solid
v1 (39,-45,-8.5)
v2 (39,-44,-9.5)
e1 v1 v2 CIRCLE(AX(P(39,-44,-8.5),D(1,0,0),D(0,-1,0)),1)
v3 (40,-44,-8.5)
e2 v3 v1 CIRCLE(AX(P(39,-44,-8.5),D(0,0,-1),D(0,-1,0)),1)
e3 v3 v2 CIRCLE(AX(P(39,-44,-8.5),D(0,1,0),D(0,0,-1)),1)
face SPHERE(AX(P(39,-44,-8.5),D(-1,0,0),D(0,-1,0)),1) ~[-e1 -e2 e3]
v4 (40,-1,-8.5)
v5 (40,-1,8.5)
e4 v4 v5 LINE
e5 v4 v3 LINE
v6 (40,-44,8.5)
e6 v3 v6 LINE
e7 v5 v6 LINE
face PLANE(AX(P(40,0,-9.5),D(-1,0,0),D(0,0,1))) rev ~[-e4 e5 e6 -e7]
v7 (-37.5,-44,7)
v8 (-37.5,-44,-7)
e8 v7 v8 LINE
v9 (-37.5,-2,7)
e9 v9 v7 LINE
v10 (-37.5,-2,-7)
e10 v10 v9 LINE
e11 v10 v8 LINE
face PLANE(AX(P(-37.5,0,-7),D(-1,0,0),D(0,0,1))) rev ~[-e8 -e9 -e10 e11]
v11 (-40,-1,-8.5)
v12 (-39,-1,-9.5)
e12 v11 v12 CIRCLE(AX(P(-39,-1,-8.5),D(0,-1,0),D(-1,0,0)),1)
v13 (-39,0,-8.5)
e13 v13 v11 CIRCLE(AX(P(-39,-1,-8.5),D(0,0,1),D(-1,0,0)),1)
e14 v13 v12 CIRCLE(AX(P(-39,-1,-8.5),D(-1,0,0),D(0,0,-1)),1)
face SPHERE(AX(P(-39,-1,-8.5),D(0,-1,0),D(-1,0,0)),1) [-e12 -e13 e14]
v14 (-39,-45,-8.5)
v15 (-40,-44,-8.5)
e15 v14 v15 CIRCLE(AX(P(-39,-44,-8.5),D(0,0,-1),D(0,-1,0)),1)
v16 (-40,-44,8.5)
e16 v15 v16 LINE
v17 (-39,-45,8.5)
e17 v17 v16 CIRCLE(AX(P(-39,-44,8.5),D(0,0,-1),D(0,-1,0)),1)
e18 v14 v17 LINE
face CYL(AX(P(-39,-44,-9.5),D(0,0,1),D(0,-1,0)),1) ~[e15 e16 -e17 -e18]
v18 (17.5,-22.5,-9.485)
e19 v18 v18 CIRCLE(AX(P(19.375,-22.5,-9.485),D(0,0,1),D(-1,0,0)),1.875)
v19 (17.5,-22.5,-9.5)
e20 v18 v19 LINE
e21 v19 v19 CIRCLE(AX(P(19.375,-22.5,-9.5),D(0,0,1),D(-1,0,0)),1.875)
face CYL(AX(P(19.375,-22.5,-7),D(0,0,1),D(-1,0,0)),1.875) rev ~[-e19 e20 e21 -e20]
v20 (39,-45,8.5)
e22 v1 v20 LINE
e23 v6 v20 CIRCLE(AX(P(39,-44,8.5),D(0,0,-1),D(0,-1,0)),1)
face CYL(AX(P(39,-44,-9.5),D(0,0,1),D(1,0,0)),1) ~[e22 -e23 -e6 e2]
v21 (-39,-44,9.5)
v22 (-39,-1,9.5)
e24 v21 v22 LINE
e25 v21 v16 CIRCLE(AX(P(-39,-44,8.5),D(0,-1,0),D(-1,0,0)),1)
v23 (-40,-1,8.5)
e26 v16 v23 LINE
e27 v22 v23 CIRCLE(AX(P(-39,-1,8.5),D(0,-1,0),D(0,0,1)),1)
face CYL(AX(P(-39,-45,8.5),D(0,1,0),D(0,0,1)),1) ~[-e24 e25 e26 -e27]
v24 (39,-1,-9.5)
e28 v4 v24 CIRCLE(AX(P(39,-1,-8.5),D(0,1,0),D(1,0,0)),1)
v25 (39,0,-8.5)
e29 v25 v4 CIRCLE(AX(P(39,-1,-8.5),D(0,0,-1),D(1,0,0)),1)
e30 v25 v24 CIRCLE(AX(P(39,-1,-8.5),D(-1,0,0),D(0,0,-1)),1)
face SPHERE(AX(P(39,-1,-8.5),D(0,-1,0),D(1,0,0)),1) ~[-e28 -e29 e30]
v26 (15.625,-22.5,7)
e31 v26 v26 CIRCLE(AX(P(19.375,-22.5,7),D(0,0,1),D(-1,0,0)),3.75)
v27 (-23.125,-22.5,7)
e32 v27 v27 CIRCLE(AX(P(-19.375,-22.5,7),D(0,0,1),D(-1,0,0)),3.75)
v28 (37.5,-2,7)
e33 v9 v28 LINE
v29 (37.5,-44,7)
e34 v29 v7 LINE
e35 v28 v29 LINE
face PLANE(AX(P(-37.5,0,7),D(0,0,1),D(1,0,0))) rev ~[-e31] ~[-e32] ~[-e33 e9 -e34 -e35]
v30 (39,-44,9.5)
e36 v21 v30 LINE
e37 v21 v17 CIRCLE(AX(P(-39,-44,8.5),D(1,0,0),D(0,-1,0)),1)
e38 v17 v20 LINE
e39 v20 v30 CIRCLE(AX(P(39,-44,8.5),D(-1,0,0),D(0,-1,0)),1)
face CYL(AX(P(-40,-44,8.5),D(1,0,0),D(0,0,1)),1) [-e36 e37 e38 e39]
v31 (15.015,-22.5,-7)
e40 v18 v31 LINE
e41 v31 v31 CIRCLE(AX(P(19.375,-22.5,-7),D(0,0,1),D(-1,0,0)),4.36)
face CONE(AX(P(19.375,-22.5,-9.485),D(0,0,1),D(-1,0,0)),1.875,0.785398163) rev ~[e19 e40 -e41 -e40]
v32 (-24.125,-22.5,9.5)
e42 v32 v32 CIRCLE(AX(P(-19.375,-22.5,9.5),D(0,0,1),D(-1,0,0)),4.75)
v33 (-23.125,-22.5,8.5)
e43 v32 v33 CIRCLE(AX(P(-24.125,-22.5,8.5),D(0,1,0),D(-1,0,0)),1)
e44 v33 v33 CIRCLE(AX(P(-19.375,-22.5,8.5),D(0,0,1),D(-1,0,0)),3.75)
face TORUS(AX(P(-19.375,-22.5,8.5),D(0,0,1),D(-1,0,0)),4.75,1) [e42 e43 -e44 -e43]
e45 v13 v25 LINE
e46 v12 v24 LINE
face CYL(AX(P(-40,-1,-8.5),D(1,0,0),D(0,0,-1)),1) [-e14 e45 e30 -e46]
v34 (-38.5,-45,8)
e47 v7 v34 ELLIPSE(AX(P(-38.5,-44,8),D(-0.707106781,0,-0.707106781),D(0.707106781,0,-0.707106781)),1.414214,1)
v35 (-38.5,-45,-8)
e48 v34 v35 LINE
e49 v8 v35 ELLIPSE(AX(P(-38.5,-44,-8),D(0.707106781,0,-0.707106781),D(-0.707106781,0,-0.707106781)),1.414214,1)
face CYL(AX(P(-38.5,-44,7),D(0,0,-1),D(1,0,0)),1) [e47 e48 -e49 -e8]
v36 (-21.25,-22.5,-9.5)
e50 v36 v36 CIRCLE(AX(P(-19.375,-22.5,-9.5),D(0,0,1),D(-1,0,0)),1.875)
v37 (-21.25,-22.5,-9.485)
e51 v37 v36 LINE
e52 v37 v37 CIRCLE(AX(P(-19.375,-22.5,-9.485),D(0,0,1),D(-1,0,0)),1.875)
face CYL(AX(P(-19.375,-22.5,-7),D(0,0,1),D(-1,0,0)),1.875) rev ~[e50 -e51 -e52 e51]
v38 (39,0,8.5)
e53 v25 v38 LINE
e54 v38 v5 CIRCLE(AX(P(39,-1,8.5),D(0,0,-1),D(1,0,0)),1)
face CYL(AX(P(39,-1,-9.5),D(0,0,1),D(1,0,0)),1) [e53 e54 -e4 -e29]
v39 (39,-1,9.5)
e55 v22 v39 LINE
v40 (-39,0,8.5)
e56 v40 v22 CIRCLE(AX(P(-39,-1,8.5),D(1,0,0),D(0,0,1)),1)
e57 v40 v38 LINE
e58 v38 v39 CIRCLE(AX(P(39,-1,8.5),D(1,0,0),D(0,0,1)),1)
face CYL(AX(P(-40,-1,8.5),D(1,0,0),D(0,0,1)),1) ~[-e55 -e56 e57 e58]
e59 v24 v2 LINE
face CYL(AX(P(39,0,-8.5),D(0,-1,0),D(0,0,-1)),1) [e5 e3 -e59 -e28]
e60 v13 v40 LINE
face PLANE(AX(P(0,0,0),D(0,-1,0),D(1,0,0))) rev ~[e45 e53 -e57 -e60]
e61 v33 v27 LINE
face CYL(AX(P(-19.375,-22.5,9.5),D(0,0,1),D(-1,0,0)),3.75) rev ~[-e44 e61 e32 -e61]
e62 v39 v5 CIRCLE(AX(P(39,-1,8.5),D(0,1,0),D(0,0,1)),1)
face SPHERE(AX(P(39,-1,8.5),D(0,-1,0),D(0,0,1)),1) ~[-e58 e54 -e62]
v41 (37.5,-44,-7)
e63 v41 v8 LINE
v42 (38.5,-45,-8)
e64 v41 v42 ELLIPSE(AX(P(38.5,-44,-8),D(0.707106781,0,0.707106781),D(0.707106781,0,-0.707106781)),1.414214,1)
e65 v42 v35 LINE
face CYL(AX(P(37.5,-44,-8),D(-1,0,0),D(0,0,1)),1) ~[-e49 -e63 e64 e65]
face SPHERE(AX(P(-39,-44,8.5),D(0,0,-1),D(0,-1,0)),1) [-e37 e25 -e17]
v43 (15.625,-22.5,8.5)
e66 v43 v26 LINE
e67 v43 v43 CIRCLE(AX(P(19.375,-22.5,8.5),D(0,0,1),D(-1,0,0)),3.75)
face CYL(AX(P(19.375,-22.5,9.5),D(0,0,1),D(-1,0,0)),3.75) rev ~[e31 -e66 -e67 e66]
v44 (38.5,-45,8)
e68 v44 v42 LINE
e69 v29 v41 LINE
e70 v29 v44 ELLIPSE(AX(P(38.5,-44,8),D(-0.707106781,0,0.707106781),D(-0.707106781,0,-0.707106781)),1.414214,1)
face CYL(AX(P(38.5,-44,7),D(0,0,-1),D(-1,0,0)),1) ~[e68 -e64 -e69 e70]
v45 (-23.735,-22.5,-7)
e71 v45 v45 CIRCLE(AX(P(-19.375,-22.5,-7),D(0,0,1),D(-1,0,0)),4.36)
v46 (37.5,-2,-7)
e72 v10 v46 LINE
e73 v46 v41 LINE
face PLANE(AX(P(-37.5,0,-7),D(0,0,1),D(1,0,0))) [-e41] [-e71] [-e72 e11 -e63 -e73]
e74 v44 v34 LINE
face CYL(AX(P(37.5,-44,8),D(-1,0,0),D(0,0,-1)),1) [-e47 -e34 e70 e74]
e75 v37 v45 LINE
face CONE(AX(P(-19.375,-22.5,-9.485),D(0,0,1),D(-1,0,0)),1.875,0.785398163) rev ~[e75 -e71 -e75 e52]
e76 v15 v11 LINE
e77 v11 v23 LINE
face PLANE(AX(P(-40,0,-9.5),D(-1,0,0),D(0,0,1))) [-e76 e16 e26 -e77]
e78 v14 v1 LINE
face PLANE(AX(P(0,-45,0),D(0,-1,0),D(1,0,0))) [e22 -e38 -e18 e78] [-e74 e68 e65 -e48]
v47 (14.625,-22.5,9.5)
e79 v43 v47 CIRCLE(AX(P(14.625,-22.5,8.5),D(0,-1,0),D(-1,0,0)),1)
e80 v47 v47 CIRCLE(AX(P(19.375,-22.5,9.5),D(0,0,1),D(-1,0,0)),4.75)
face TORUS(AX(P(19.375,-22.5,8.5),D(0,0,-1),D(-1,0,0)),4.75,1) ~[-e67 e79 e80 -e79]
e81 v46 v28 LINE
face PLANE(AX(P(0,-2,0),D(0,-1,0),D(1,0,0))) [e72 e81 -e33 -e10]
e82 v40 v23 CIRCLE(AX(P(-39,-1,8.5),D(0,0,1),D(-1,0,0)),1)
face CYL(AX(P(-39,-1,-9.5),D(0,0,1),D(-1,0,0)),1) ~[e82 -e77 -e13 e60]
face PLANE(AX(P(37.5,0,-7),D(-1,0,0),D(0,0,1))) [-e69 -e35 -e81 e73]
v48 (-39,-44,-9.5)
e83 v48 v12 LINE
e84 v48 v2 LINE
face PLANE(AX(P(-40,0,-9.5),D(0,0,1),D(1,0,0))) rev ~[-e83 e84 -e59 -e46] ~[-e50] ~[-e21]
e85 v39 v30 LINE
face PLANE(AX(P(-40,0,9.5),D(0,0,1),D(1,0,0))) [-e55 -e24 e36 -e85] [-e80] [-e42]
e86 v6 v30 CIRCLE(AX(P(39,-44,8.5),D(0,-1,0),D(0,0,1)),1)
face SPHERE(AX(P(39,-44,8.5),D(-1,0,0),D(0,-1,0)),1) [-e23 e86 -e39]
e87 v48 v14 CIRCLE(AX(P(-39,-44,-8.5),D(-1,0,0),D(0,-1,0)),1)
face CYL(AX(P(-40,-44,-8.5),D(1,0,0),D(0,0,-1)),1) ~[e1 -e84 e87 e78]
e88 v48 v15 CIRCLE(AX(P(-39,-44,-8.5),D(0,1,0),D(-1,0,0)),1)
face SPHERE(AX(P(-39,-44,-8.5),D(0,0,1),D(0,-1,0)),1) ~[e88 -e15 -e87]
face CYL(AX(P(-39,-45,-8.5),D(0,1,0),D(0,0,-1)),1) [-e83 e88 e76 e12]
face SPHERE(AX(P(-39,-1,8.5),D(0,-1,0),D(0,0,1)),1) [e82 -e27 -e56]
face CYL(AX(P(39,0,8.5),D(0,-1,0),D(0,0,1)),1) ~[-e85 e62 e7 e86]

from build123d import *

# Parameters (mm, degrees)
SKETCH_W          = 80
SKETCH_H          = 19
PAD_DEPTH         = 45
SKETCH001_W       = 75
SKETCH001_H       = 14
POCKET_DEPTH      = 0.001
POCKET_DEPTH_BACK = 45.001
SKETCH002_R       = 3.75
POCKET001_DEPTH   = 3.5
SKETCH003_R       = 1.875
POCKET002_DEPTH   = 2.5
CHAMFER_SIZE      = 2.485
SKETCH004_W       = 80
SKETCH004_H       = 19
PAD001_DEPTH      = 2
FILLET_R          = 1


with BuildPart() as part:
    # Sketch → Pad (new body)
    with BuildSketch(Plane.XZ):
        Rectangle(SKETCH_W, SKETCH_H)
    extrude(amount=PAD_DEPTH)

    # Sketch001 → Pocket (cut, two sides)
    with BuildSketch(Plane.XZ) as pocket_sk:
        Rectangle(SKETCH001_W, SKETCH001_H)
    extrude(amount=-POCKET_DEPTH, mode=Mode.SUBTRACT)
    extrude(pocket_sk.sketch, amount=POCKET_DEPTH_BACK, mode=Mode.SUBTRACT)

    # Sketch002 (on DatumPlane) → Pocket001 (cut)
    with BuildSketch(Plane(origin=(0, 0, 9.5), x_dir=(-1, 0, 0), z_dir=(0, 0, 1))):
        with Locations((-19.375, 22.5)):
            Circle(SKETCH002_R)
        with Locations((19.375, 22.5)):
            Circle(SKETCH002_R)
    extrude(amount=-POCKET001_DEPTH, mode=Mode.SUBTRACT)

    # Sketch003 (on DatumPlane) → Pocket002 (cut)
    with BuildSketch(Plane(origin=(0, 0, -7), x_dir=(-1, 0, 0), z_dir=(0, 0, 1))):
        with Locations((-19.375, 22.5)):
            Circle(SKETCH003_R)
        with Locations((19.375, 22.5)):
            Circle(SKETCH003_R)
    extrude(amount=-POCKET002_DEPTH, mode=Mode.SUBTRACT)

    # Chamfer
    chamfer_edges = [part.edges().sort_by_distance(p)[0] for p in [
        (-17.5, -22.5, -7),
        (21.25, -22.5, -7),
    ]]
    chamfer(chamfer_edges, length=CHAMFER_SIZE)

    # Sketch004 → Pad001 (join)
    with BuildSketch(Plane.XZ):
        Rectangle(SKETCH004_W, SKETCH004_H)
    extrude(amount=PAD001_DEPTH)

    # Fillet
    fillet_edges = [part.edges().sort_by_distance(p)[0] for p in [
        (-40, -45, 0),
        (0, -45, 9.5),
        (0, -45, -9.5),
        (40, -45, 0),
        (-37.5, -45, 0),
        (0, -45, 7),
        (37.5, -45, 0),
        (0, -45, -7),
        (40, -23.5, 9.5),
        (40, -23.5, -9.5),
        (-40, -23.5, 9.5),
        (-40, -23.5, -9.5),
        (0, 0, 9.5),
        (-40, 0, 0),
        (40, 0, 0),
        (40, -1, 9.5),
        (-40, -1, 9.5),
        (-40, -1, -9.5),
        (40, -1, -9.5),
        (0, 0, -9.5),
        (-15.625, -22.5, 9.5),
        (23.125, -22.5, 9.5),
    ]]
    fillet(fillet_edges, radius=FILLET_R)


solid = part.part
